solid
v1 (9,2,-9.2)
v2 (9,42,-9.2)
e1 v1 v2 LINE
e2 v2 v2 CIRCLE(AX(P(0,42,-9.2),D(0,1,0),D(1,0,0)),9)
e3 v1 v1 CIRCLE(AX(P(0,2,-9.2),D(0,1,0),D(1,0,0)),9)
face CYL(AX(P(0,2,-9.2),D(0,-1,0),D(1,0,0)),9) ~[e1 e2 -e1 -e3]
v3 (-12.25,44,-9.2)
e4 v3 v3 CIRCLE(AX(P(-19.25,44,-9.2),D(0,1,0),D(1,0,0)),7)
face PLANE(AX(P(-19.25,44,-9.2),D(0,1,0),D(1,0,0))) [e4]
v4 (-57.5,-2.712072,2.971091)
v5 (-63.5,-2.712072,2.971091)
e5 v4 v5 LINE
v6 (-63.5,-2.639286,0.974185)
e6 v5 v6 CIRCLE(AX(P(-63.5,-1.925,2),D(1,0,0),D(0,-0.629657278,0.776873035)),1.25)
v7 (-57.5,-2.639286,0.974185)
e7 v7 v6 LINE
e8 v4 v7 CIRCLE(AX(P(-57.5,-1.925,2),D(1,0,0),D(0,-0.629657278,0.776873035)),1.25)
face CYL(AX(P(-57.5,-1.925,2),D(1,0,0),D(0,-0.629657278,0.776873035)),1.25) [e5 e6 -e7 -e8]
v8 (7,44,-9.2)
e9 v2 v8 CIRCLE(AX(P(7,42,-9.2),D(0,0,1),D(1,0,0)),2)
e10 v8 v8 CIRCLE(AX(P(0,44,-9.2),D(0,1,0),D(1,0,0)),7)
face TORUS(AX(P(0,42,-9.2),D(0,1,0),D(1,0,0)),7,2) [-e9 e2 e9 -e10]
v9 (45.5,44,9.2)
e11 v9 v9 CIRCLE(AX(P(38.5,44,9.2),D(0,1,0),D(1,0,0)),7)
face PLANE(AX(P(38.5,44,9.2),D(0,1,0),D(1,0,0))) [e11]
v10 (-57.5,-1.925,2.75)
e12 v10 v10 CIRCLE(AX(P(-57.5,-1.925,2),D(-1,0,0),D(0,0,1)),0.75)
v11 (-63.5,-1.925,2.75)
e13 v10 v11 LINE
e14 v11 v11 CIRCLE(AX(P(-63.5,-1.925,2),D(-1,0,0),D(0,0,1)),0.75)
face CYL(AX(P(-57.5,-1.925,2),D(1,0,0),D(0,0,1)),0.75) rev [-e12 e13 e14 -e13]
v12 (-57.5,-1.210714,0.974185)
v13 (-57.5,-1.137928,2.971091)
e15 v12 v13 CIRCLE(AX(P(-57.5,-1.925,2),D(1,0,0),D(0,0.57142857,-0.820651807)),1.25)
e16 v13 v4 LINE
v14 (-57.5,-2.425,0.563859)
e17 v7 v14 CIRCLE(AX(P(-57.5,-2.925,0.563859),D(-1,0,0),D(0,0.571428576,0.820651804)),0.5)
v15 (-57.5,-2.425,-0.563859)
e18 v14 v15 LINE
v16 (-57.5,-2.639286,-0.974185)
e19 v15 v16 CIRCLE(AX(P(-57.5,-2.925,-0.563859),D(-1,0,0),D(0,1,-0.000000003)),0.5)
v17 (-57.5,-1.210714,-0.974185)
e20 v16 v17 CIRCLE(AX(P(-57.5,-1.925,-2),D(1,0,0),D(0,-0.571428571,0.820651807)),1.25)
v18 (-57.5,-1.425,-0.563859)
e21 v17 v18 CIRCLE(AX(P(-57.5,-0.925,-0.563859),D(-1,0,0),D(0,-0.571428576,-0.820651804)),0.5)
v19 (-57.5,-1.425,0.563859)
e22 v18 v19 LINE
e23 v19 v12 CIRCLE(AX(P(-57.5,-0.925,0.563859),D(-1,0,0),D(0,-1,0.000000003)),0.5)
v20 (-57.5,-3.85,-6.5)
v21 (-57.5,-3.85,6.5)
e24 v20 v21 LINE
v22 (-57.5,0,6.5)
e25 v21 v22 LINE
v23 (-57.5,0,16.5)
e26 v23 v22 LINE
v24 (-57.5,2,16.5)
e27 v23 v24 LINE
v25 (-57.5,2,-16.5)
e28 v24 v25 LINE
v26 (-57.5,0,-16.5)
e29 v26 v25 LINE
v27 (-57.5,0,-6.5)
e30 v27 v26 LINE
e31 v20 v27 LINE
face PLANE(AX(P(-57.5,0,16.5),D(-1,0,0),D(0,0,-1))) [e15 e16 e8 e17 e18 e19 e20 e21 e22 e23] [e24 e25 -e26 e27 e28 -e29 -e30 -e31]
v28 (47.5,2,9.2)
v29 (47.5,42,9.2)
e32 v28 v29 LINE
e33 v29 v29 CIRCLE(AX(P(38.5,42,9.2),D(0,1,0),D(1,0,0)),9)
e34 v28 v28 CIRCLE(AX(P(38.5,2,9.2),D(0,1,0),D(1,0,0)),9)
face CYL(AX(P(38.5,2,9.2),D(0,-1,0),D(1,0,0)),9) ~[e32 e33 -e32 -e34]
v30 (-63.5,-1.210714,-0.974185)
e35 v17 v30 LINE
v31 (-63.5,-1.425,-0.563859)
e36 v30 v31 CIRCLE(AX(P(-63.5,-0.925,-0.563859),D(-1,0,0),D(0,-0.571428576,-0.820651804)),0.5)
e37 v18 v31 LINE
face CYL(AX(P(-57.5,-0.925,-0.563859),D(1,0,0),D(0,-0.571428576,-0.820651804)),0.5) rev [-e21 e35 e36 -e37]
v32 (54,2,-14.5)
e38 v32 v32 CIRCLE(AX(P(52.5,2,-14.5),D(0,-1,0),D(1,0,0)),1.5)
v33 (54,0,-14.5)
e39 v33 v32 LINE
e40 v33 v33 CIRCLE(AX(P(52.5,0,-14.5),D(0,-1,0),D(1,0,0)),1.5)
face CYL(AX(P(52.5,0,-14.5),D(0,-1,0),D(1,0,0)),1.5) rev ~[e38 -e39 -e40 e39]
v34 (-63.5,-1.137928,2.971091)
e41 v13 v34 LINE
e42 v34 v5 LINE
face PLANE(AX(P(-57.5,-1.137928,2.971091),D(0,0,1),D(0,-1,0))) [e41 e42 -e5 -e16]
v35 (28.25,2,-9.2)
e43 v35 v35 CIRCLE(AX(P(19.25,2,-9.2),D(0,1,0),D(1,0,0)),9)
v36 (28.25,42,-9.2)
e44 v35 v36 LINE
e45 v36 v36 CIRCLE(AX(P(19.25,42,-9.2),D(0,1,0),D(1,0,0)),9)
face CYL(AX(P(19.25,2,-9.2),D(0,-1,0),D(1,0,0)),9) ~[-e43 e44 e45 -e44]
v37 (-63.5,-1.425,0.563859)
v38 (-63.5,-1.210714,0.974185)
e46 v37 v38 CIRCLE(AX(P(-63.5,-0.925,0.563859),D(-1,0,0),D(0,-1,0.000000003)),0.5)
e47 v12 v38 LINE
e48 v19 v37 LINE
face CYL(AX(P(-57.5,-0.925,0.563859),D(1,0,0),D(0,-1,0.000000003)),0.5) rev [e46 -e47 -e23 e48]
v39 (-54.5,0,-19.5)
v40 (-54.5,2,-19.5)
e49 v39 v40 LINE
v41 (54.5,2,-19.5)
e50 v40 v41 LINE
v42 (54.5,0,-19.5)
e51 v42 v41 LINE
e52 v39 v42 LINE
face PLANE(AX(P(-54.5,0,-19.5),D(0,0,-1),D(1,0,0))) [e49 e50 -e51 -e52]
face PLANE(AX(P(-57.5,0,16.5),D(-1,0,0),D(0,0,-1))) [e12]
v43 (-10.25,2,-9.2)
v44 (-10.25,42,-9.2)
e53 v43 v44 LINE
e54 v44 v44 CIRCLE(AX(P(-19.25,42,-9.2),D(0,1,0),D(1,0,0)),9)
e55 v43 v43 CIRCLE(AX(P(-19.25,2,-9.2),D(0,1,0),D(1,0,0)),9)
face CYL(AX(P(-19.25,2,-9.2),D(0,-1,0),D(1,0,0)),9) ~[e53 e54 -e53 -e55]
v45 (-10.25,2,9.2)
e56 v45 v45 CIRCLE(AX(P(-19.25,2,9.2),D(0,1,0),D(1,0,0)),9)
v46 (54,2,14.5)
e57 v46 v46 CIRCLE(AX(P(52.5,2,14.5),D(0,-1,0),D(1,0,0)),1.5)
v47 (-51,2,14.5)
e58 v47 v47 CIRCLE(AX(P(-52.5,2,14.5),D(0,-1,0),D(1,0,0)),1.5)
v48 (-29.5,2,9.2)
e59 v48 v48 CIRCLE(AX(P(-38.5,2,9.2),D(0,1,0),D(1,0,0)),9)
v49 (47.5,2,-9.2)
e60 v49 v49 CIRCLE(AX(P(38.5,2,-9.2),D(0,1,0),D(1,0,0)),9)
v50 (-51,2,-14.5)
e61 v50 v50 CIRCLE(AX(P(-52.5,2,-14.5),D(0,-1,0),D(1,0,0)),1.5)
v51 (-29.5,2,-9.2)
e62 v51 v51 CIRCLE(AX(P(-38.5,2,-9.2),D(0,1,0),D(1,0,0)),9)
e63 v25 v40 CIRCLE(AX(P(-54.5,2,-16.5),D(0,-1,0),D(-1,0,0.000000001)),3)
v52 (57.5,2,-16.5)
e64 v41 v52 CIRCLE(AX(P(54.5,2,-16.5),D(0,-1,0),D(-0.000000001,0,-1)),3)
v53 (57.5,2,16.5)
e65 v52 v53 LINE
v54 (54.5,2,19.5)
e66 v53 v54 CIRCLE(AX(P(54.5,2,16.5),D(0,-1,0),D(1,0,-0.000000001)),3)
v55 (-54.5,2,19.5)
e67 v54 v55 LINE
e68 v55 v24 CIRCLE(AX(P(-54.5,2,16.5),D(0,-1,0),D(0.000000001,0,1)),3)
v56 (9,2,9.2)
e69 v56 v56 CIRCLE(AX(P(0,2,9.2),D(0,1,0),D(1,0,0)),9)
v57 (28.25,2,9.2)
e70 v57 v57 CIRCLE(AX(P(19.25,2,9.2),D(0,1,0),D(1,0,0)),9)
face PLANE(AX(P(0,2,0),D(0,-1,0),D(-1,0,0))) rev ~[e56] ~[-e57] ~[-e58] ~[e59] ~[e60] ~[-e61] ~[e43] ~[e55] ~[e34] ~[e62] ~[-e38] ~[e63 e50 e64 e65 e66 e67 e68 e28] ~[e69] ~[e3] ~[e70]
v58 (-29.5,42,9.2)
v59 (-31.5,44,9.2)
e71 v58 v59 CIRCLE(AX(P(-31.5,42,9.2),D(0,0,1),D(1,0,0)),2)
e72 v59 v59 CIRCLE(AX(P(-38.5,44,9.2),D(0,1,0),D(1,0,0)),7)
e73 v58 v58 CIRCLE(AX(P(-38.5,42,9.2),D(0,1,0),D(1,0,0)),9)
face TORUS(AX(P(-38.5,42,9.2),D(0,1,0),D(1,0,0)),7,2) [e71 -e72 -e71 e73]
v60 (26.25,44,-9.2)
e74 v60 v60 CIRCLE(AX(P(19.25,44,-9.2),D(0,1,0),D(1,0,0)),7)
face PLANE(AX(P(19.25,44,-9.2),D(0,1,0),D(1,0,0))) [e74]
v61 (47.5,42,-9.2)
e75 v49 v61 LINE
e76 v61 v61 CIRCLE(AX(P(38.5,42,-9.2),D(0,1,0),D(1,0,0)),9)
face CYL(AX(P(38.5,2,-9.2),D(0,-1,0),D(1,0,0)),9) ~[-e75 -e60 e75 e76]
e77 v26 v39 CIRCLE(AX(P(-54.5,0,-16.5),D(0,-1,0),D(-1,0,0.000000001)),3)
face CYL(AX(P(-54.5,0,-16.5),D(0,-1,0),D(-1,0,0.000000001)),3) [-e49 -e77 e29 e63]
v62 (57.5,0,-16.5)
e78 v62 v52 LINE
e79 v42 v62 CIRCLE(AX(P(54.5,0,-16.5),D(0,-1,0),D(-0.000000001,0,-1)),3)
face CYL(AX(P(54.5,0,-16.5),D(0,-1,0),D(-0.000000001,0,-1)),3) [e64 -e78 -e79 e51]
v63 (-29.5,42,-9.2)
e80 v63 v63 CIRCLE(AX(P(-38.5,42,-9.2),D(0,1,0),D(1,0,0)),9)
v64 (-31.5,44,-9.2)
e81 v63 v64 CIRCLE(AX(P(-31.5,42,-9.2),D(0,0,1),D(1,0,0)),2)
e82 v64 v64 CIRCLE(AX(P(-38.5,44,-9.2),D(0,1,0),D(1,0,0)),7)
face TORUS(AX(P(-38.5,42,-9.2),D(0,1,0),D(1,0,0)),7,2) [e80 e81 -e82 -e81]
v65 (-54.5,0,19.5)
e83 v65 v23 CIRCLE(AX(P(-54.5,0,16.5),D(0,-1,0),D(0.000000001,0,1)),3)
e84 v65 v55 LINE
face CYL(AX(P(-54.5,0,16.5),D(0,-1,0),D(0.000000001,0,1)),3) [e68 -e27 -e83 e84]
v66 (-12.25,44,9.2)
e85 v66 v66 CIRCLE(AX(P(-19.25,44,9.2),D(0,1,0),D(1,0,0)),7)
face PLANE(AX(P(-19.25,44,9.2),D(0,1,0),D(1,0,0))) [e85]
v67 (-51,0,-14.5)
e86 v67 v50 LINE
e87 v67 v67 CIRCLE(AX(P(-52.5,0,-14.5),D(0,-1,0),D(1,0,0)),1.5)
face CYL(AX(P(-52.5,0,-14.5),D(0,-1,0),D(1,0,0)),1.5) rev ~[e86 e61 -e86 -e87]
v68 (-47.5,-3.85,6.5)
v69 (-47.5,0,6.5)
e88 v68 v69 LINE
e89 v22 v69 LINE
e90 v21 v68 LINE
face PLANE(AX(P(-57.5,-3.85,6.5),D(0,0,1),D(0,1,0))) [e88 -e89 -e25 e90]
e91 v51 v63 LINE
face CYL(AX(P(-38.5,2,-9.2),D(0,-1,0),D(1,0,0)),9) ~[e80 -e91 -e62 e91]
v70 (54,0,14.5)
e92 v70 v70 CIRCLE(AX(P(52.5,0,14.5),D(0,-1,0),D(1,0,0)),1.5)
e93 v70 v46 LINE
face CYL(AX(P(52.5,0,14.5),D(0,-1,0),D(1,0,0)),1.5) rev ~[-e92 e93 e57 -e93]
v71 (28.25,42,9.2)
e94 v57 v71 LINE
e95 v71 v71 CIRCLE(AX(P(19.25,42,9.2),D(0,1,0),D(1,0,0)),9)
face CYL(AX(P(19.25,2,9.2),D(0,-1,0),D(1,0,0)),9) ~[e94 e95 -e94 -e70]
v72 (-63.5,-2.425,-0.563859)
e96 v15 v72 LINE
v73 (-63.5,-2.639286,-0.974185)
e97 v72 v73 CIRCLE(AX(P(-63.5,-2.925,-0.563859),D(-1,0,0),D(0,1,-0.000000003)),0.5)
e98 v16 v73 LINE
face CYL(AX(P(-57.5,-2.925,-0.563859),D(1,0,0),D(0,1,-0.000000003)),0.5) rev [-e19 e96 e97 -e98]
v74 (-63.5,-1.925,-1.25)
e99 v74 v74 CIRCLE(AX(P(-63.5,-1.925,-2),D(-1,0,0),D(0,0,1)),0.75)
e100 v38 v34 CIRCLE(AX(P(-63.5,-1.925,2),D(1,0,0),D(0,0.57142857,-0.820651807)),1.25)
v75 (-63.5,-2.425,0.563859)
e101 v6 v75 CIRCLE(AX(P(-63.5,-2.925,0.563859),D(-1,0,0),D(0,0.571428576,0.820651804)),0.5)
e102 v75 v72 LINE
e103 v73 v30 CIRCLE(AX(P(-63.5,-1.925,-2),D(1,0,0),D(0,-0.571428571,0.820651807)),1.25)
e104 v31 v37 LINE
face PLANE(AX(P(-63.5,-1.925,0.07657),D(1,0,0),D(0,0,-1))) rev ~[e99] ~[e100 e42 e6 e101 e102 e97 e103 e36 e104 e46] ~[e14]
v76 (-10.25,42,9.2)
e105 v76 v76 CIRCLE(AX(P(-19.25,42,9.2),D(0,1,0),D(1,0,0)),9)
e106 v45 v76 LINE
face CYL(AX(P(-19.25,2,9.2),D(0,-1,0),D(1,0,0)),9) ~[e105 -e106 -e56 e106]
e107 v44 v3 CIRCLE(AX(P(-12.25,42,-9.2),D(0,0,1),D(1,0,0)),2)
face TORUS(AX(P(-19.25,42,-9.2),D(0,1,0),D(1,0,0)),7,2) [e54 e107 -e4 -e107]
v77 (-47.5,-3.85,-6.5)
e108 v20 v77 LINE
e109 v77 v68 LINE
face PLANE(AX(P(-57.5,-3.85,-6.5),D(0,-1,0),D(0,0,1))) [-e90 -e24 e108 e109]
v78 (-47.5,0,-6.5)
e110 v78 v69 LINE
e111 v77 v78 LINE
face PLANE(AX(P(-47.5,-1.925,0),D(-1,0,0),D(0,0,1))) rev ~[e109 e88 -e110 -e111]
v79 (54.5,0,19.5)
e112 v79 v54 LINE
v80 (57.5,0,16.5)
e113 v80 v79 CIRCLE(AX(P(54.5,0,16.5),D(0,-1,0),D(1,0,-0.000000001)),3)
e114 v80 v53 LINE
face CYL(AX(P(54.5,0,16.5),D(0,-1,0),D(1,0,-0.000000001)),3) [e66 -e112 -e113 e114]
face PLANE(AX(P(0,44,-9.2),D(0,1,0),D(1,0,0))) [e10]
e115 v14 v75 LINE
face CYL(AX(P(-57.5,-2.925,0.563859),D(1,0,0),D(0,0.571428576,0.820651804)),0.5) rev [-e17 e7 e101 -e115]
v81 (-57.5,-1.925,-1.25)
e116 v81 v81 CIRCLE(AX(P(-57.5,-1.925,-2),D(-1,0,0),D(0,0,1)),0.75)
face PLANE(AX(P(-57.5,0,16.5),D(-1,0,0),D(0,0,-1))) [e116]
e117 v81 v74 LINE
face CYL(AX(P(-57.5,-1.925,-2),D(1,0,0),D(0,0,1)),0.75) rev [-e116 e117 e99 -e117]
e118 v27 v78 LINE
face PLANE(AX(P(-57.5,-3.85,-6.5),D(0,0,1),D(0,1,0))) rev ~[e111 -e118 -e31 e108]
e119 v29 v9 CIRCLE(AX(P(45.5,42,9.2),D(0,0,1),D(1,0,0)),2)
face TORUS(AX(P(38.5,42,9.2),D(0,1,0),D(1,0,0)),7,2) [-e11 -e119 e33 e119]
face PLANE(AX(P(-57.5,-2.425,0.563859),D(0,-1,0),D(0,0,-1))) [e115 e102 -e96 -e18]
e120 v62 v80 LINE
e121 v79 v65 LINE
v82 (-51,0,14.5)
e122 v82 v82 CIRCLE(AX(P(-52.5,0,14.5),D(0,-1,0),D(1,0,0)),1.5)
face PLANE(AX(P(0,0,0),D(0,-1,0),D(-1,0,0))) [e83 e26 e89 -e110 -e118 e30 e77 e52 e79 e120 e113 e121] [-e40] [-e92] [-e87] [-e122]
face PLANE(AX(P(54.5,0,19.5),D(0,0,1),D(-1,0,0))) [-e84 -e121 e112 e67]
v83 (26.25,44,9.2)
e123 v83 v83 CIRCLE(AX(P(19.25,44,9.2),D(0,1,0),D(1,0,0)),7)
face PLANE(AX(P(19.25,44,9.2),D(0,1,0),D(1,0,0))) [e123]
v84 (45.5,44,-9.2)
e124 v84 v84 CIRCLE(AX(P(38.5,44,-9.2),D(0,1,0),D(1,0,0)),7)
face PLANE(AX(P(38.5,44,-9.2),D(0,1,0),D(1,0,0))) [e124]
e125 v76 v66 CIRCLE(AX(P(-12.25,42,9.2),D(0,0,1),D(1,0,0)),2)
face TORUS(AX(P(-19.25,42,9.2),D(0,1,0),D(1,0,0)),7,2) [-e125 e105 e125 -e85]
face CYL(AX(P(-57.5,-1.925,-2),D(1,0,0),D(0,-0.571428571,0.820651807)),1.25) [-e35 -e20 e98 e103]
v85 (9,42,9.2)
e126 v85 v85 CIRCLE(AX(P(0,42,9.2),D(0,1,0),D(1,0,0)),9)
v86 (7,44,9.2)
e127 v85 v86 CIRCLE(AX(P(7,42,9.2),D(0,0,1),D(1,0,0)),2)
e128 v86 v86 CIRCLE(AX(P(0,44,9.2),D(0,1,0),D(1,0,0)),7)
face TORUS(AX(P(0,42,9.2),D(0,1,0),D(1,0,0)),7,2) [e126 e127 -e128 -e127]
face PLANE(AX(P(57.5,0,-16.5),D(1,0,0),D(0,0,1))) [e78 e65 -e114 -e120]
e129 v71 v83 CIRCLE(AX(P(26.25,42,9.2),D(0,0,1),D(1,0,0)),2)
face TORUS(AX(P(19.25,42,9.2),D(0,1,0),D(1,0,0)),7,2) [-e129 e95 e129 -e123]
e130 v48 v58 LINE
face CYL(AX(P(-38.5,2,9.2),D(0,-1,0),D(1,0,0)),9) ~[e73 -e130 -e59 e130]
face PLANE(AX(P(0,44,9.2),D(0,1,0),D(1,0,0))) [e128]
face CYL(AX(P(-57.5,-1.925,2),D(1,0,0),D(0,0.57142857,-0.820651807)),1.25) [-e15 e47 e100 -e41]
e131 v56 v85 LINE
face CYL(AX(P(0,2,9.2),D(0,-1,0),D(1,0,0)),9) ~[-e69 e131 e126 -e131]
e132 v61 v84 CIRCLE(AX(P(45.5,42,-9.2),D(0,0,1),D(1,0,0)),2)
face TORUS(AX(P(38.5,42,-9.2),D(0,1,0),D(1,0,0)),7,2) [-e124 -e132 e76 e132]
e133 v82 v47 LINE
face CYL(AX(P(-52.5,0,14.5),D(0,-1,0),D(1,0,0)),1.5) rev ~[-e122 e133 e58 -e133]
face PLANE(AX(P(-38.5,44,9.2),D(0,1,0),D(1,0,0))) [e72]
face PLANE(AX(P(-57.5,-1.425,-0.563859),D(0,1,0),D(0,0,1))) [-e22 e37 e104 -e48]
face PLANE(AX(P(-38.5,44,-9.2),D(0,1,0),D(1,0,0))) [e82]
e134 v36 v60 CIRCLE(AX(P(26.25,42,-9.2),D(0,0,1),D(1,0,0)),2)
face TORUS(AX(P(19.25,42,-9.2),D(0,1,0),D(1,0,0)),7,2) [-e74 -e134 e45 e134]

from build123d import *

# Parameters (mm, degrees)
EXTRUDE_1_DEPTH     = 2
SKETCH_2_R          = 9
EXTRUDE_3_DEPTH     = 42
FILLET_1_R          = 2
SKETCH_4_R          = 1.5
CUT_EXTRUDE_1_DEPTH = 45.0000001
SKETCH_5_W          = 13
SKETCH_5_H          = 3.85
EXTRUDE_4_DEPTH     = 10
SKETCH_6_R          = 0.75
EXTRUDE_5_DEPTH     = 6


with BuildPart() as part:
    # 草图1 → 凸台-拉伸1 (new body)
    with BuildSketch(Plane(origin=(0, 0, 0), x_dir=(1, 0, 0), z_dir=(0, 1, 0))):
        with BuildLine():
            Line((-54.5, 19.5), (54.5, 19.5))
            ThreePointArc((54.5, 19.5), (56.621320344, 18.621320344), (57.5, 16.5))
            Line((57.5, 16.5), (57.5, -16.5))
            ThreePointArc((57.5, -16.5), (56.621320344, -18.621320344), (54.5, -19.5))
            Line((54.5, -19.5), (-54.5, -19.5))
            ThreePointArc((-54.5, -19.5), (-56.621320344, -18.621320344), (-57.5, -16.5))
            Line((-57.5, -16.5), (-57.5, 16.5))
            ThreePointArc((-57.5, 16.5), (-56.621320344, 18.621320344), (-54.5, 19.5))
        make_face()
    extrude(amount=EXTRUDE_1_DEPTH)

    # 草图2 → 凸台-拉伸3 (add)
    with BuildSketch(Plane(origin=(0, 2, 0), x_dir=(1, 0, 0), z_dir=(0, 1, 0))):
        with Locations((0, 9.2)):
            Circle(SKETCH_2_R)
        with Locations((-19.25, 9.2)):
            Circle(SKETCH_2_R)
        with Locations((-38.5, 9.2)):
            Circle(SKETCH_2_R)
        with Locations((19.25, 9.2)):
            Circle(SKETCH_2_R)
        with Locations((38.5, 9.2)):
            Circle(SKETCH_2_R)
        with Locations((38.5, -9.2)):
            Circle(SKETCH_2_R)
        with Locations((19.25, -9.2)):
            Circle(SKETCH_2_R)
        with Locations((-38.5, -9.2)):
            Circle(SKETCH_2_R)
        with Locations((-19.25, -9.2)):
            Circle(SKETCH_2_R)
        with Locations((0, -9.2)):
            Circle(SKETCH_2_R)
    extrude(amount=EXTRUDE_3_DEPTH)

    # 圆角1
    fillet_1_edges = [part.edges().sort_by_distance(p)[0] for p in [
        (-9, 44, -9.2),
        (-28.25, 44, -9.2),
        (-47.5, 44, -9.2),
        (10.25, 44, -9.2),
        (29.5, 44, -9.2),
        (29.5, 44, 9.2),
        (10.25, 44, 9.2),
        (-47.5, 44, 9.2),
        (-28.25, 44, 9.2),
        (-9, 44, 9.2),
    ]]
    fillet(fillet_1_edges, radius=FILLET_1_R)

    # 草图4 → 切除-拉伸1 (cut, through all)
    with BuildSketch(Plane.XZ):
        with Locations((-52.5, 14.5)):
            Circle(SKETCH_4_R)
        with Locations((-52.5, -14.5)):
            Circle(SKETCH_4_R)
        with Locations((52.5, -14.5)):
            Circle(SKETCH_4_R)
        with Locations((52.5, 14.5)):
            Circle(SKETCH_4_R)
    extrude(amount=-CUT_EXTRUDE_1_DEPTH, mode=Mode.SUBTRACT)

    # 草图5 → 凸台-拉伸4 (add)
    with BuildSketch(Plane.ZY.offset(57.5)):
        with Locations((0, -1.925)):
            Rectangle(SKETCH_5_W, SKETCH_5_H)
    extrude(amount=-EXTRUDE_4_DEPTH)

    # 草图6 → 凸台-拉伸5 (add)
    with BuildSketch(Plane.ZY.offset(57.5)):
        with BuildLine():
            Line((-0.563859338, -1.425), (0.563859338, -1.425))
            ThreePointArc((0.563859338, -1.425), (0.795314363, -1.36820263), (0.974185242, -1.210714286))
            ThreePointArc((0.974185242, -1.210714286), (1.954468576, -0.675829519), (2.971091293, -1.137928402))
            Line((2.971091293, -1.137928402), (2.971091293, -2.712071598))
            ThreePointArc((2.971091293, -2.712071598), (1.954468576, -3.174170481), (0.974185242, -2.639285714))
            ThreePointArc((0.974185242, -2.639285714), (0.795314363, -2.48179737), (0.563859338, -2.425))
            Line((0.563859338, -2.425), (-0.563859338, -2.425))
            ThreePointArc((-0.563859338, -2.425), (-0.795314363, -2.48179737), (-0.974185242, -2.639285714))
            ThreePointArc((-0.974185242, -2.639285714), (-3.25, -1.925), (-0.974185242, -1.210714286))
            ThreePointArc((-0.974185242, -1.210714286), (-0.795314363, -1.36820263), (-0.563859338, -1.425))
        make_face()
        with Locations((-2, -1.925)):
            Circle(SKETCH_6_R, mode=Mode.SUBTRACT)
        with Locations((2, -1.925)):
            Circle(SKETCH_6_R, mode=Mode.SUBTRACT)
    extrude(amount=EXTRUDE_5_DEPTH)


solid = part.part
